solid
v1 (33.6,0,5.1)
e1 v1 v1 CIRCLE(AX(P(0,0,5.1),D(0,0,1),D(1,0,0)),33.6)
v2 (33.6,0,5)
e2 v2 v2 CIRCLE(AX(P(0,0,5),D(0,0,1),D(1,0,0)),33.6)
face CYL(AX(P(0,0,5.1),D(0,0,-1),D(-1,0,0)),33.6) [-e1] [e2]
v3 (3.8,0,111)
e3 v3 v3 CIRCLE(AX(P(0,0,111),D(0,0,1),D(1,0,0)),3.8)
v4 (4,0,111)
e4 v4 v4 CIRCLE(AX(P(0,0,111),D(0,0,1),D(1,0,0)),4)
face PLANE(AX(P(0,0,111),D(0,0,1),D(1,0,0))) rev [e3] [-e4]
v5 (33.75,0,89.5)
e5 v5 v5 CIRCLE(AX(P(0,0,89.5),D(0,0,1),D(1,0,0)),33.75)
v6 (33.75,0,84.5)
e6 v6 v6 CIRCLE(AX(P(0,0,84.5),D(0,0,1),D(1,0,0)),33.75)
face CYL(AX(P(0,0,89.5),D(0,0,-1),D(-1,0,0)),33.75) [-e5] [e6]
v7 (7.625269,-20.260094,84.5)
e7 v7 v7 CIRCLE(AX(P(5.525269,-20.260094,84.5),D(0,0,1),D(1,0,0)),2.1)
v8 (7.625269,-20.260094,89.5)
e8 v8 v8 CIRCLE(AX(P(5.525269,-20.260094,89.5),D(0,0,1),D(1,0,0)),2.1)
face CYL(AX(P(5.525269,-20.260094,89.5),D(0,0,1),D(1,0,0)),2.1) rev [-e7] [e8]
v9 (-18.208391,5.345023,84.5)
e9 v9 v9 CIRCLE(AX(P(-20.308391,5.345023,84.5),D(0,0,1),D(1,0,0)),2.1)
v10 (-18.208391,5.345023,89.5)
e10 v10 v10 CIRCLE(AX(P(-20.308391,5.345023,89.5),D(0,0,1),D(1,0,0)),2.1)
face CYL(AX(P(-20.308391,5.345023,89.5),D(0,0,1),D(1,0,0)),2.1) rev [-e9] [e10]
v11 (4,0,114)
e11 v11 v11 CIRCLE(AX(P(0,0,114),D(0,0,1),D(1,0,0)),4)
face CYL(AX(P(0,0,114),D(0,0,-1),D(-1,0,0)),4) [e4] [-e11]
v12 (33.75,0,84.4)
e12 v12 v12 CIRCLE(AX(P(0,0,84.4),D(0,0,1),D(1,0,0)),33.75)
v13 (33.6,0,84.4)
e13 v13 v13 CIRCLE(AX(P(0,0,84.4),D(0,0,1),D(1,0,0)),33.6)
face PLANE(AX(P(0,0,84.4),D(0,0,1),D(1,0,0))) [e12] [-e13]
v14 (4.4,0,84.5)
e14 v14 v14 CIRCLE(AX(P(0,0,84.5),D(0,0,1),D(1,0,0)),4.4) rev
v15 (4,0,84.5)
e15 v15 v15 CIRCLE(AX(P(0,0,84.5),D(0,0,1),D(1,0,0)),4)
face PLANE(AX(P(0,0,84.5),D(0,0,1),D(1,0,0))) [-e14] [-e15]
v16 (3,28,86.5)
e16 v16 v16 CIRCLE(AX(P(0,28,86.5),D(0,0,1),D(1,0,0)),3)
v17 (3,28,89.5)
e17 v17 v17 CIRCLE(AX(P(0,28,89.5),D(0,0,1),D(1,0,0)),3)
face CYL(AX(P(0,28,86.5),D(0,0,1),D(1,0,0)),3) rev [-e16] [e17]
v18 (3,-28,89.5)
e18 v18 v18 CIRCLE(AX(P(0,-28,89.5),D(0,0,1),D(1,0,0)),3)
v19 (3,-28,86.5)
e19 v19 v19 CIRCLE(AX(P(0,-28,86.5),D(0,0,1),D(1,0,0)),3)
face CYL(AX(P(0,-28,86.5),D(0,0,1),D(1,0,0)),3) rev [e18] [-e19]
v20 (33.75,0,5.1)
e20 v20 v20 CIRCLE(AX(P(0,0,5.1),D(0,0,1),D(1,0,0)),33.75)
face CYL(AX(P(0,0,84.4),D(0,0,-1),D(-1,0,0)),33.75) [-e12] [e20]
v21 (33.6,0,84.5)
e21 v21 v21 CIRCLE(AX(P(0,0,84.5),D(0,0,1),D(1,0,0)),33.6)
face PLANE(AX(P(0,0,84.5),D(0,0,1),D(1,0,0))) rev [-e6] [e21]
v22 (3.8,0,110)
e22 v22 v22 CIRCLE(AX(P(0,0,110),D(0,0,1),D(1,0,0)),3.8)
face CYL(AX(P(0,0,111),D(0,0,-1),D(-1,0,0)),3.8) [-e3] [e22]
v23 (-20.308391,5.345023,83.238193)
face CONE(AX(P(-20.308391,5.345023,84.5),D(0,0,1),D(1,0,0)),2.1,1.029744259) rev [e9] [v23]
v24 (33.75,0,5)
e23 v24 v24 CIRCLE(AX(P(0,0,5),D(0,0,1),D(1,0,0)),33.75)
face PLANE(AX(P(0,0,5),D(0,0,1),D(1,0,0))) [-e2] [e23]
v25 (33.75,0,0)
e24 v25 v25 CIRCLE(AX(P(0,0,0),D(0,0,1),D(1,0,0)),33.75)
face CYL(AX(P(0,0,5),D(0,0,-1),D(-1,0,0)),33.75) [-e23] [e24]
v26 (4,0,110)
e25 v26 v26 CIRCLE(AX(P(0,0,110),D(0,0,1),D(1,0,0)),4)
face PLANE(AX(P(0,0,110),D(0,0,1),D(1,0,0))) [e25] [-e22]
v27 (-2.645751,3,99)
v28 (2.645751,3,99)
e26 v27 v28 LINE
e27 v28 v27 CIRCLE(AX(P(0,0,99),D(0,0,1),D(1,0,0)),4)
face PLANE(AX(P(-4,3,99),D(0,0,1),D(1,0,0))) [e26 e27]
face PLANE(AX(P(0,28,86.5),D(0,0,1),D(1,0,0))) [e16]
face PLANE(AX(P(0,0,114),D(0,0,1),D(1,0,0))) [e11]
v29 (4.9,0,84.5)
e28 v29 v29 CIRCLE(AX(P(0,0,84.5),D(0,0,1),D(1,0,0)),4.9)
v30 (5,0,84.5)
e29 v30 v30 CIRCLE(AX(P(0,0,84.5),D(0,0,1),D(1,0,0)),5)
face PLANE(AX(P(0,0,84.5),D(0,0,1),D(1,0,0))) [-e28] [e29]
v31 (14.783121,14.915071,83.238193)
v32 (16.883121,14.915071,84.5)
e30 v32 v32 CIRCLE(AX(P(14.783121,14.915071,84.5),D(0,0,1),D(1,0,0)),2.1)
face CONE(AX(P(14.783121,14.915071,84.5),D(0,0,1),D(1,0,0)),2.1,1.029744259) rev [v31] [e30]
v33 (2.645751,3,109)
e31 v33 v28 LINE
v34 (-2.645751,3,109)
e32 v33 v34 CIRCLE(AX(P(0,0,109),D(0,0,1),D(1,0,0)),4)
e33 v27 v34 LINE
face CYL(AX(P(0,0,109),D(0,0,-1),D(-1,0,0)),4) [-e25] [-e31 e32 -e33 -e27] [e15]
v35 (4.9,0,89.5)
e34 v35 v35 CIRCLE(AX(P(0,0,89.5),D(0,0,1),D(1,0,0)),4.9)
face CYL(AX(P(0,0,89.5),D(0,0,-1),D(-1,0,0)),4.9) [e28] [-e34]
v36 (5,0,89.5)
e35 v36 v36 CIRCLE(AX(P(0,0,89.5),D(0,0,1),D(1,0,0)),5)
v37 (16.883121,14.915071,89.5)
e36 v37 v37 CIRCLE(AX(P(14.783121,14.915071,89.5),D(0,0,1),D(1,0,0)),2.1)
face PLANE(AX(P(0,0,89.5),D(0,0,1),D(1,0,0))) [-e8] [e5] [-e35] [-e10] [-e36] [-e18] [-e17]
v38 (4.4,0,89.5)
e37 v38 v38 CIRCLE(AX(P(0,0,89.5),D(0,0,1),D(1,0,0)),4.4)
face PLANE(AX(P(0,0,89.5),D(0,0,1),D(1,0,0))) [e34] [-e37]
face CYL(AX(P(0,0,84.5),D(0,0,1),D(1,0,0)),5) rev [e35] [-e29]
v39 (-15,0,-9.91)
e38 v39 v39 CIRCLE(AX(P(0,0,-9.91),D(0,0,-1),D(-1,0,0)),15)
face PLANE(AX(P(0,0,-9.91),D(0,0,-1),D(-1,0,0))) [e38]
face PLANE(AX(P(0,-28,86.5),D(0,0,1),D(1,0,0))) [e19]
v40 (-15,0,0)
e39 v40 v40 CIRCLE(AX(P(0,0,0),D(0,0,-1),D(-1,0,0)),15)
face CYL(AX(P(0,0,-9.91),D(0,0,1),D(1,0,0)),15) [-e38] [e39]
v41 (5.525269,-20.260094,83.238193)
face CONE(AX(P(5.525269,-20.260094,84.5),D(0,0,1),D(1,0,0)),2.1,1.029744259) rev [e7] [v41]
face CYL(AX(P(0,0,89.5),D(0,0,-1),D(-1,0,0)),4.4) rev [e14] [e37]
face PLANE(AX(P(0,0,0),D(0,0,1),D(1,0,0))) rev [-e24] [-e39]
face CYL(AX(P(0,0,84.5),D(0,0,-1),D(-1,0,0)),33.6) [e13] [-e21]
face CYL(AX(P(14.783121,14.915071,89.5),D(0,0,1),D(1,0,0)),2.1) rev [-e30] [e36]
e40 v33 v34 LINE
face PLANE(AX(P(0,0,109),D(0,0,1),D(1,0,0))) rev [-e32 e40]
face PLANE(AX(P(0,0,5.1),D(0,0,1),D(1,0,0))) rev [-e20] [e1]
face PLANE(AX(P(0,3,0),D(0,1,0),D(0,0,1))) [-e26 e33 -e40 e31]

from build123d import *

# Parameters (mm, degrees)
SKETCH1_R             = 33.75
BOSS_EXTRUDE1_DEPTH   = 5
SKETCH2_R             = 33.6
BOSS_EXTRUDE2_DEPTH   = 0.1
SKETCH3_R             = 33.75
BOSS_EXTRUDE3_DEPTH   = 79.3
SKETCH4_R             = 33.6
BOSS_EXTRUDE4_DEPTH   = 0.1
SKETCH5_R             = 33.75
BOSS_EXTRUDE5_DEPTH   = 5
SKETCH6_R             = 5
CUT_EXTRUDE1_DEPTH    = 5
SKETCH7_R             = 4.9
SKETCH7_R_2           = 4.4
BOSS_EXTRUDE6_DEPTH   = 5
SKETCH8_R             = 4
BOSS_EXTRUDE7_DEPTH   = 24.5
SKETCH9_R             = 15
BOSS_EXTRUDE8_DEPTH   = 9.91
M5_TAPPED_HOLE1_D     = 4.2
M5_TAPPED_HOLE1_DEPTH = 5
M5_TAPPED_HOLE1_TIP   = 1.2618073
SKETCH12_W            = 8
SKETCH12_H            = 10
CUT_EXTRUDE2_DEPTH    = 1
SKETCH13_R            = 4
BOSS_EXTRUDE9_DEPTH   = 1
SKETCH14_R            = 3.8
BOSS_EXTRUDE10_DEPTH  = 1
SKETCH15_R            = 4
BOSS_EXTRUDE11_DEPTH  = 3
SKETCH16_R            = 3
CUT_EXTRUDE3_DEPTH    = 3


with BuildPart() as part:
    # Sketch1 → Boss-Extrude1 (new body)
    with BuildSketch(Plane.XY):
        Circle(SKETCH1_R)
    extrude(amount=BOSS_EXTRUDE1_DEPTH)

    # Sketch2 → Boss-Extrude2 (add)
    with BuildSketch(Plane.XY.offset(5)):
        Circle(SKETCH2_R)
    extrude(amount=BOSS_EXTRUDE2_DEPTH)

    # Sketch3 → Boss-Extrude3 (add)
    with BuildSketch(Plane.XY.offset(5.1)):
        Circle(SKETCH3_R)
    extrude(amount=BOSS_EXTRUDE3_DEPTH)

    # Sketch4 → Boss-Extrude4 (add)
    with BuildSketch(Plane.XY.offset(84.4)):
        Circle(SKETCH4_R)
    extrude(amount=BOSS_EXTRUDE4_DEPTH)

    # Sketch5 → Boss-Extrude5 (add)
    with BuildSketch(Plane.XY.offset(84.5)):
        Circle(SKETCH5_R)
    extrude(amount=BOSS_EXTRUDE5_DEPTH)

    # Sketch6 → Cut-Extrude1 (cut)
    with BuildSketch(Plane.XY.offset(89.5)):
        Circle(SKETCH6_R)
    extrude(amount=-CUT_EXTRUDE1_DEPTH, mode=Mode.SUBTRACT)

    # Sketch7 → Boss-Extrude6 (add)
    with BuildSketch(Plane.XY.offset(84.5)):
        Circle(SKETCH7_R)
        Circle(SKETCH7_R_2, mode=Mode.SUBTRACT)
    extrude(amount=BOSS_EXTRUDE6_DEPTH)

    # Sketch8 → Boss-Extrude7 (add)
    with BuildSketch(Plane.XY.offset(84.5)):
        Circle(SKETCH8_R)
    extrude(amount=BOSS_EXTRUDE7_DEPTH)

    # Sketch9 → Boss-Extrude8 (add)
    with BuildSketch(Plane(origin=(0, 0, 0), x_dir=(-1, 0, 0), z_dir=(0, 0, -1))):
        Circle(SKETCH9_R)
    extrude(amount=BOSS_EXTRUDE8_DEPTH)

    # M5 Tapped Hole1
    with Locations(Plane(origin=(-20.308390576, 5.345023126, 89.5), x_dir=(1, 0, 0), z_dir=(0, 0, 1))):
        with Locations((0, 0), (35.091511675, 9.57004746), (25.833660053, -25.605116838)):
            Hole(M5_TAPPED_HOLE1_D / 2, depth=M5_TAPPED_HOLE1_DEPTH)
            with Locations((0, 0, -(M5_TAPPED_HOLE1_DEPTH + M5_TAPPED_HOLE1_TIP / 2))):  # 118° drill point
                Cone(0, M5_TAPPED_HOLE1_D / 2, M5_TAPPED_HOLE1_TIP, mode=Mode.SUBTRACT)

    # Sketch12 → Cut-Extrude2 (cut)
    with BuildSketch(Plane(origin=(0, 4, 0), x_dir=(1, 0, 0), z_dir=(0, 1, 0))):
        with Locations((0, -104)):
            Rectangle(SKETCH12_W, SKETCH12_H)
    extrude(amount=-CUT_EXTRUDE2_DEPTH, mode=Mode.SUBTRACT)

    # Sketch13 → Boss-Extrude9 (add)
    with BuildSketch(Plane.XY.offset(109)):
        Circle(SKETCH13_R)
    extrude(amount=BOSS_EXTRUDE9_DEPTH)

    # Sketch14 → Boss-Extrude10 (add)
    with BuildSketch(Plane.XY.offset(110)):
        Circle(SKETCH14_R)
    extrude(amount=BOSS_EXTRUDE10_DEPTH)

    # Sketch15 → Boss-Extrude11 (add)
    with BuildSketch(Plane.XY.offset(111)):
        Circle(SKETCH15_R)
    extrude(amount=BOSS_EXTRUDE11_DEPTH)

    # Sketch16 → Cut-Extrude3 (cut)
    with BuildSketch(Plane.XY.offset(89.5)):
        with Locations((0, 28)):
            Circle(SKETCH16_R)
        with Locations((0, -28)):
            Circle(SKETCH16_R)
    extrude(amount=-CUT_EXTRUDE3_DEPTH, mode=Mode.SUBTRACT)


solid = part.part
